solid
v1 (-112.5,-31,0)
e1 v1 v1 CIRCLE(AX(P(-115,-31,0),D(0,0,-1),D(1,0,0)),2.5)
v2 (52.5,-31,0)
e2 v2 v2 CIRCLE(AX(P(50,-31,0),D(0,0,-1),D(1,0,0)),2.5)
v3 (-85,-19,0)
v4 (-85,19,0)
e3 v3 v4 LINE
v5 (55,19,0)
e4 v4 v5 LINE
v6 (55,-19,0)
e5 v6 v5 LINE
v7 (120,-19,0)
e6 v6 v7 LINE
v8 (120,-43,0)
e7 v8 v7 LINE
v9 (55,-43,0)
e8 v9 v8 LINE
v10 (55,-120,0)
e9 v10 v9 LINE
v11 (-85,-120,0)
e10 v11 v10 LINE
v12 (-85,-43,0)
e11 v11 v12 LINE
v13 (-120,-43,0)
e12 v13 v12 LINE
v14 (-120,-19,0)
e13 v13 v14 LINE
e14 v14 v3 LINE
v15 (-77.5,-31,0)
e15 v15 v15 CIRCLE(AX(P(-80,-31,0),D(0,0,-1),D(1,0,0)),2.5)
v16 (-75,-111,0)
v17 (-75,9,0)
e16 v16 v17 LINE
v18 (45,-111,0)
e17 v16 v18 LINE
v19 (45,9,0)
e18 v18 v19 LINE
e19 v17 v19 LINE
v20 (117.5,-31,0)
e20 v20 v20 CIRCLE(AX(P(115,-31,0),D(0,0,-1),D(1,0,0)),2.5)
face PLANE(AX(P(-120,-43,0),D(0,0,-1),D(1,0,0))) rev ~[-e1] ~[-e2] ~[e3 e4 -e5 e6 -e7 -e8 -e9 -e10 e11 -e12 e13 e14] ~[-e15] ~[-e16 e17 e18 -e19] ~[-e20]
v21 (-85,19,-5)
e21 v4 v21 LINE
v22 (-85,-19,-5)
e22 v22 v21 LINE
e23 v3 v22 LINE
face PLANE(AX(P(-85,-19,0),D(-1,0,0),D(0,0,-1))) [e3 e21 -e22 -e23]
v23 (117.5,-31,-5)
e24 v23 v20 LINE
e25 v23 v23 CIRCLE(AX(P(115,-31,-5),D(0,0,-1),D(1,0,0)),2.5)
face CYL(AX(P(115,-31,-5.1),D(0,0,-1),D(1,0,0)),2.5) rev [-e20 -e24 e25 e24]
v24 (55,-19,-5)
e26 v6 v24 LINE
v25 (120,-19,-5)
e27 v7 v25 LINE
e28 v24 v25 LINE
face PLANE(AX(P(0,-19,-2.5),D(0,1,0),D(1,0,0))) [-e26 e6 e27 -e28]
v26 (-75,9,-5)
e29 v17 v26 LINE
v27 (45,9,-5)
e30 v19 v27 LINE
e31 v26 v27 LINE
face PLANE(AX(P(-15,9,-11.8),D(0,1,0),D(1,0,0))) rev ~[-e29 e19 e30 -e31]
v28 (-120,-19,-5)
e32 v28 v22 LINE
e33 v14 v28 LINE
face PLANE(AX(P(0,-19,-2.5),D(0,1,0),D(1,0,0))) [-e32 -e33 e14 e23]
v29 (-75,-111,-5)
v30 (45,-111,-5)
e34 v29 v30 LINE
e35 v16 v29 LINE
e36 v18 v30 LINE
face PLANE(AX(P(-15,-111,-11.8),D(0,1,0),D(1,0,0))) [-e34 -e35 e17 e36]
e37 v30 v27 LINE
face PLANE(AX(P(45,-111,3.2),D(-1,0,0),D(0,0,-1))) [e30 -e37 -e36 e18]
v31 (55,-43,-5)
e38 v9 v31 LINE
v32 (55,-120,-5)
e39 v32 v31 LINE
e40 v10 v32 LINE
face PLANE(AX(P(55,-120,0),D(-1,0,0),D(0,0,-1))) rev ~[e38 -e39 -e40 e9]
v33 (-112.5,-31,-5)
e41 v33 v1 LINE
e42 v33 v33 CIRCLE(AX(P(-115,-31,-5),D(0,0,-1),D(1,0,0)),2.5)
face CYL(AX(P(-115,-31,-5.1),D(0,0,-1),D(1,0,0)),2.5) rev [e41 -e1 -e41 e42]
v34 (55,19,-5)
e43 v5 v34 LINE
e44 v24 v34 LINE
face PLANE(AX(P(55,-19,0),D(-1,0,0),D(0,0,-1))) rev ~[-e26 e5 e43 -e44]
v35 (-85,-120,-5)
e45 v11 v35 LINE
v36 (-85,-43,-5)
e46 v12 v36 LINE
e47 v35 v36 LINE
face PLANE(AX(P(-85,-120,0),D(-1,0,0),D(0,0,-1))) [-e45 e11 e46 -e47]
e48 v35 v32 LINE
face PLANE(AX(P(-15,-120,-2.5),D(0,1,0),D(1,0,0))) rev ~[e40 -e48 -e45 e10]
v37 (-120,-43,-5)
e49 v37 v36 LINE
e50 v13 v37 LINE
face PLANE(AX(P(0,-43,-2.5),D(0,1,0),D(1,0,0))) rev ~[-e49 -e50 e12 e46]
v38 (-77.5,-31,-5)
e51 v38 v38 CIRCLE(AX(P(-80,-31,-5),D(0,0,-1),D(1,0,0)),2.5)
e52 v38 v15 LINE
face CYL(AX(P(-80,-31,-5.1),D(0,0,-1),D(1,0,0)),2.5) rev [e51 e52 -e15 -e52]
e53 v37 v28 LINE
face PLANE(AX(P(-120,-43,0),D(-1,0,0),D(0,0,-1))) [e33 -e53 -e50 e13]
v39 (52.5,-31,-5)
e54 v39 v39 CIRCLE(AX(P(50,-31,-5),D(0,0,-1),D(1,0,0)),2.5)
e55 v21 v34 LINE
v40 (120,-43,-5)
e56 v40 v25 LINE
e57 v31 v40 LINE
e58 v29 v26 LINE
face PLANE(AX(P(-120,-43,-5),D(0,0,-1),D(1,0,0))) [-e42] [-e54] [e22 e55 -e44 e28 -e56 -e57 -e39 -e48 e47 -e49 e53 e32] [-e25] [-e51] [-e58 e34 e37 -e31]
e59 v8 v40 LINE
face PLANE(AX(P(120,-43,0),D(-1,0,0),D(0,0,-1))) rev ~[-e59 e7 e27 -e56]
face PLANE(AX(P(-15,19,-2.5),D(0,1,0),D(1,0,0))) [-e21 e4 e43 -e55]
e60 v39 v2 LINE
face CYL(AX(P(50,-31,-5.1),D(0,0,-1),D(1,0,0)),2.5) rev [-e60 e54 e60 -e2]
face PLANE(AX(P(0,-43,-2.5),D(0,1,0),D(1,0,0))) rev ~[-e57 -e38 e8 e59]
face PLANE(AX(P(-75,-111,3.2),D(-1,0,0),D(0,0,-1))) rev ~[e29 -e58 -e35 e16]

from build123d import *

# Parameters (mm, degrees)
BOX019_W               = 120
BOX019_H               = 30
BOX019_DEPTH           = 120
CYLINDER075_R          = 2.5
CYLINDER075_DEPTH      = 10
CYLINDER076_R          = 2.5
CYLINDER076_DEPTH      = 10
CYLINDER077_R          = 2.5
CYLINDER077_DEPTH      = 10
CYLINDER078_R          = 2.5
CYLINDER078_DEPTH      = 10
CYLINDER074_R          = 2.5
CYLINDER074_DEPTH      = 10
CYLINDER079_R          = 2.5
CYLINDER079_DEPTH      = 10
BOX016_W               = 240
BOX016_H               = 5
BOX016_DEPTH           = 24
BOX017_W               = 140
BOX017_H               = 5
BOX017_DEPTH           = 38
BOX018_W               = 140
BOX018_H               = 5
BOX018_DEPTH           = 77
CUT010_PLACEMENT_ANGLE = 90


with BuildPart() as gatewaycut002:
    # Box019 → Box019 (new body)
    with BuildSketch(Plane(origin=(-75, -3.2, -111), x_dir=(1, 0, 0), z_dir=(0, 0, 1))):
        with Locations((60, 15)):
            Rectangle(BOX019_W, BOX019_H)
    extrude(amount=BOX019_DEPTH)


with BuildPart() as cylinder075:
    # Cylinder075 → Cylinder075 (new body)
    with BuildSketch(Plane(origin=(115, 0, -31), x_dir=(1, 0, 0), z_dir=(0, -1, 0))):
        Circle(CYLINDER075_R)
    extrude(amount=CYLINDER075_DEPTH)


with BuildPart() as cylinder076:
    # Cylinder076 → Cylinder076 (new body)
    with BuildSketch(Plane(origin=(-80, 0, -31), x_dir=(1, 0, 0), z_dir=(0, -1, 0))):
        Circle(CYLINDER076_R)
    extrude(amount=CYLINDER076_DEPTH)


with BuildPart() as cylinder077:
    # Cylinder077 → Cylinder077 (new body)
    with BuildSketch(Plane(origin=(50, 0, -31), x_dir=(1, 0, 0), z_dir=(0, -1, 0))):
        Circle(CYLINDER077_R)
    extrude(amount=CYLINDER077_DEPTH)


with BuildPart() as cylinder078:
    # Cylinder078 → Cylinder078 (new body)
    with BuildSketch(Plane(origin=(-45.75, 0, -56.3), x_dir=(1, 0, 0), z_dir=(0, -1, 0))):
        Circle(CYLINDER078_R)
    extrude(amount=CYLINDER078_DEPTH)


with BuildPart() as cylinder074:
    # Cylinder074 → Cylinder074 (new body)
    with BuildSketch(Plane(origin=(-115, 0, -31), x_dir=(1, 0, 0), z_dir=(0, -1, 0))):
        Circle(CYLINDER074_R)
    extrude(amount=CYLINDER074_DEPTH)


with BuildPart() as m3heatsetinserts004:
    # Cylinder079 → Cylinder079 (new body)
    with BuildSketch(Plane(origin=(-45.75, 0, -1.3), x_dir=(1, 0, 0), z_dir=(0, -1, 0))):
        Circle(CYLINDER079_R)
    extrude(amount=CYLINDER079_DEPTH)

    # Fusion028: union Cylinder075, Cylinder076, Cylinder077, Cylinder078, Cylinder074
    add(cylinder075.part)
    add(cylinder076.part)
    add(cylinder077.part)
    add(cylinder078.part)
    add(cylinder074.part)


with BuildPart() as m3heatsetinserts004_1:
    # Fusion028 placement: moved
    add(m3heatsetinserts004.part.moved(Location((0, 5.1, 0))))


with BuildPart() as cube013:
    # Box016 → Box016 (new body)
    with BuildSketch(Plane(origin=(-120, 0, -43), x_dir=(1, 0, 0), z_dir=(0, 0, 1))):
        with Locations((120, 2.5)):
            Rectangle(BOX016_W, BOX016_H)
    extrude(amount=BOX016_DEPTH)


with BuildPart() as cube014:
    # Box017 → Box017 (new body)
    with BuildSketch(Plane(origin=(-85, 0, -19), x_dir=(1, 0, 0), z_dir=(0, 0, 1))):
        with Locations((70, 2.5)):
            Rectangle(BOX017_W, BOX017_H)
    extrude(amount=BOX017_DEPTH)


with BuildPart() as mainbasev2:
    # Box018 → Box018 (new body)
    with BuildSketch(Plane(origin=(-85, 0, -120), x_dir=(1, 0, 0), z_dir=(0, 0, 1))):
        with Locations((70, 2.5)):
            Rectangle(BOX018_W, BOX018_H)
    extrude(amount=BOX018_DEPTH)

    # Fusion027: union Cube013, Cube014
    add(cube013.part)
    add(cube014.part)

    # Cut009: cut M3HeatSetInserts004
    add(m3heatsetinserts004_1.part, mode=Mode.SUBTRACT)

    # Cut010: cut GatewayCut002
    add(gatewaycut002.part, mode=Mode.SUBTRACT)


with BuildPart() as mainbasev2_1:
    # Cut010 placement: moved
    add(mainbasev2.part.rotate(Axis((0, 0, 0), (-1, 0, 0)), CUT010_PLACEMENT_ANGLE))


solid = mainbasev2_1.part
